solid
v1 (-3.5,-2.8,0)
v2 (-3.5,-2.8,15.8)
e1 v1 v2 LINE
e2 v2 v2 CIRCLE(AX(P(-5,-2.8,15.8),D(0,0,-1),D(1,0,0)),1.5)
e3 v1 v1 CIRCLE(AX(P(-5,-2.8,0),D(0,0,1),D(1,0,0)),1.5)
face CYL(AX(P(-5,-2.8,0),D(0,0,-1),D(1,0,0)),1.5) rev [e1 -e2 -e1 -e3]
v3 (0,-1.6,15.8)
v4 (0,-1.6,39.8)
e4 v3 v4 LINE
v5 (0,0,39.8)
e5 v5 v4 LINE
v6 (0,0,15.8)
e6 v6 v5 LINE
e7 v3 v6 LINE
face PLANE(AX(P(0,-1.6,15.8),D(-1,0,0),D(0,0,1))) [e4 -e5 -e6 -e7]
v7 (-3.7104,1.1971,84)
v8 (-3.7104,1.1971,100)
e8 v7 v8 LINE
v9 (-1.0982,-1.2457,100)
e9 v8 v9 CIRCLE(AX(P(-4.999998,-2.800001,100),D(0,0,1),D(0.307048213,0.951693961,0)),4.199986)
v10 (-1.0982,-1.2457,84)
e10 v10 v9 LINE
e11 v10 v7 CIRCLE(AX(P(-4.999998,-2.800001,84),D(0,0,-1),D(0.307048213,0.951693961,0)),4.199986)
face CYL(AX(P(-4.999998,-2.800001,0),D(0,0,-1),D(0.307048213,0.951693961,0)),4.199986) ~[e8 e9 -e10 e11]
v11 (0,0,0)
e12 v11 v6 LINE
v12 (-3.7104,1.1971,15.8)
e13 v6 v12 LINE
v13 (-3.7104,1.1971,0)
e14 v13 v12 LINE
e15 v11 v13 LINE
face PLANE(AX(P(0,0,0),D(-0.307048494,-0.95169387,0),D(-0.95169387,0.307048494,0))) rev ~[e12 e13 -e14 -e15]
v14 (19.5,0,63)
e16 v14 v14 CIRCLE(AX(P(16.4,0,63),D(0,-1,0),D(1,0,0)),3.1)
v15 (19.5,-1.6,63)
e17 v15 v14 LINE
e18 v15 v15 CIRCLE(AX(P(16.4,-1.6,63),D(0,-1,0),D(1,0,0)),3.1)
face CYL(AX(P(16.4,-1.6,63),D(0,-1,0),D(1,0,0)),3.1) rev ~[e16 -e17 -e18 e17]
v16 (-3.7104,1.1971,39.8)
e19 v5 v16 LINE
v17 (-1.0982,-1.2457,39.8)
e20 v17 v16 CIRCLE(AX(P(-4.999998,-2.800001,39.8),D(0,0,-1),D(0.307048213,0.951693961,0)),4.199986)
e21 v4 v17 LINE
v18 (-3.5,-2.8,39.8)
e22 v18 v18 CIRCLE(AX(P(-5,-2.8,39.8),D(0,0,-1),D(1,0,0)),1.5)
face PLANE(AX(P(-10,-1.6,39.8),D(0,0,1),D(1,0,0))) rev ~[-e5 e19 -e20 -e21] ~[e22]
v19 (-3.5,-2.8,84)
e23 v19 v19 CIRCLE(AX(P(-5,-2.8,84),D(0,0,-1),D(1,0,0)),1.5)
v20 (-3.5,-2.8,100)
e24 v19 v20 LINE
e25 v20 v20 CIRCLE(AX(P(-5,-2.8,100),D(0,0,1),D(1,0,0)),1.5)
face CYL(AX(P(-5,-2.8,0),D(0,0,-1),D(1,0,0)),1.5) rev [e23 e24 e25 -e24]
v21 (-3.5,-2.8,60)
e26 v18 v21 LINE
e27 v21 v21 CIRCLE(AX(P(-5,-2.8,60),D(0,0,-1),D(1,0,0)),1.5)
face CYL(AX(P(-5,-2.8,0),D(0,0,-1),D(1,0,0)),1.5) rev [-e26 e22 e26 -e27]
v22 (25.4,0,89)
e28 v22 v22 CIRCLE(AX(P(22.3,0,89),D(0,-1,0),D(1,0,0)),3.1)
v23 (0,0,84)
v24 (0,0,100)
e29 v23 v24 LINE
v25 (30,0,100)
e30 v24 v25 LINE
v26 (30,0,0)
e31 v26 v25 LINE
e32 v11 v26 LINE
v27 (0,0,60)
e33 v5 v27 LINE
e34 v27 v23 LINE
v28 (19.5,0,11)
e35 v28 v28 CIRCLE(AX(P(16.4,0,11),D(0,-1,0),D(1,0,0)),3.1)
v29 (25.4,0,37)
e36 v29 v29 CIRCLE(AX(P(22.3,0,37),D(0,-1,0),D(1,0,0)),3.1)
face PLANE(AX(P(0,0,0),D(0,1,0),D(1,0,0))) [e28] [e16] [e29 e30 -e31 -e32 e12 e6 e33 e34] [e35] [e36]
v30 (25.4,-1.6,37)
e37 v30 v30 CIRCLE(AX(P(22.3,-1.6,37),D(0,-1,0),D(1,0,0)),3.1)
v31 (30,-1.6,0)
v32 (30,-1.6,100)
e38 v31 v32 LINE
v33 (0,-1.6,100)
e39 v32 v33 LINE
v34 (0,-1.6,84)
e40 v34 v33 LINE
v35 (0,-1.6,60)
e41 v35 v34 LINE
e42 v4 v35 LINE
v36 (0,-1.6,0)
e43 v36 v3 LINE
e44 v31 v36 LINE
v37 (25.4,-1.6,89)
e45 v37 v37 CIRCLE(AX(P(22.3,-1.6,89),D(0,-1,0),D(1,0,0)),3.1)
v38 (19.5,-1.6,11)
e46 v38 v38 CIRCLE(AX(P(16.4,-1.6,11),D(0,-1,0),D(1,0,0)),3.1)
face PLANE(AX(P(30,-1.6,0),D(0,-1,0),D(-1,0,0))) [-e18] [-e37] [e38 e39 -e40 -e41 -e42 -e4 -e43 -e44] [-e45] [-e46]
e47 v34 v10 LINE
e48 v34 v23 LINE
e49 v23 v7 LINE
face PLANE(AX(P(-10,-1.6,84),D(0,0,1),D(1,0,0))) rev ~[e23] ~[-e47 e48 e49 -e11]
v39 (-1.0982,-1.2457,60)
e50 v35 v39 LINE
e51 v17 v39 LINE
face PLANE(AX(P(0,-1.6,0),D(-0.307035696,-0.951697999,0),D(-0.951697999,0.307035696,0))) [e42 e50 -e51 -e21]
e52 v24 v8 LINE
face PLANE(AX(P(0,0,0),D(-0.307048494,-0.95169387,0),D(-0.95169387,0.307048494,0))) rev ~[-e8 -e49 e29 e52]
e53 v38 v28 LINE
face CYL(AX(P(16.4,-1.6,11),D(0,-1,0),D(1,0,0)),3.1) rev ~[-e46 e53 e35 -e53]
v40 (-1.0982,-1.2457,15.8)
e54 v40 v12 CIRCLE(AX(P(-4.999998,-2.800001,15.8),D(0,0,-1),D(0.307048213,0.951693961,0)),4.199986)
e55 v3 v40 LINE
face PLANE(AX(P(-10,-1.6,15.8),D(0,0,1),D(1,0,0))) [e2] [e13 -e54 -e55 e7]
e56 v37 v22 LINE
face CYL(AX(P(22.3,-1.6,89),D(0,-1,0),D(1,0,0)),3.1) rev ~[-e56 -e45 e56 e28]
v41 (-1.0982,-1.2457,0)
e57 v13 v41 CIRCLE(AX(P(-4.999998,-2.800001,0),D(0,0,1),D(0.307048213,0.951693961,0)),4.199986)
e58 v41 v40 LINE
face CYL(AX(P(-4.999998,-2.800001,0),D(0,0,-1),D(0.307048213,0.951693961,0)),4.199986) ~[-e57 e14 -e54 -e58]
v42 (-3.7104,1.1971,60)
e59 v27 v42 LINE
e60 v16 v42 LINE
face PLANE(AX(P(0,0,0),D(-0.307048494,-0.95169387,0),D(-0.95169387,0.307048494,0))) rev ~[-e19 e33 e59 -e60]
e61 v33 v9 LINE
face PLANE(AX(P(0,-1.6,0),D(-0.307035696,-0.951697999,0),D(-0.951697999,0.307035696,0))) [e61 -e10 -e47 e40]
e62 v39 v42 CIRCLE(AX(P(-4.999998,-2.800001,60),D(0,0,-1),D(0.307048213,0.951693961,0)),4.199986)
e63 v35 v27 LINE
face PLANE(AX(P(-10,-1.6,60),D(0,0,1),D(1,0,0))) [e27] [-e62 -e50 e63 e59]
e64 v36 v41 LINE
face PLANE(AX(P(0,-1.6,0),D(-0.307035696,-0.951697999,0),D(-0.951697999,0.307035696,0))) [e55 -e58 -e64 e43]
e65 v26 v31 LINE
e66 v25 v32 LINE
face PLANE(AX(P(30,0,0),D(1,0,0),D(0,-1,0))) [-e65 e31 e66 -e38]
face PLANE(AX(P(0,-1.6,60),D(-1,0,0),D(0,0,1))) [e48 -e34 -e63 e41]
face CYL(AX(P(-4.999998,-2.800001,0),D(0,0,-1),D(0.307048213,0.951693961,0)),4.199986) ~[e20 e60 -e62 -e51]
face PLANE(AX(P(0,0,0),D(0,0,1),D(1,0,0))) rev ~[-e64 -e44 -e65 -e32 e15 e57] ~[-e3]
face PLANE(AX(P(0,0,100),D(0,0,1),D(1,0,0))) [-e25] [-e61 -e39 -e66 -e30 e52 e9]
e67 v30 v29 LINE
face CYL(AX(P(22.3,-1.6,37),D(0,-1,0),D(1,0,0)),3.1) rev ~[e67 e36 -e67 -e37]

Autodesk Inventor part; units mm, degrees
ref_plane "YZ Plane" through (0, 0, 0) normal (1, 0, 0) x (0, 1, 0)
ref_plane "XZ Plane" through (0, 0, 0) normal (0, 1, 0) x (-1, 0, 0)
ref_plane "XY Plane" through (0, 0, 0) normal (0, 0, 1) x (1, 0, 0)
sketch "スケッチ1" plane through (0, 0, 0) normal (0, 0, 1) x (1, 0, 0)
  line L0 (0, 0) -> (30, 0)
  line L1 (30, 0) -> (30, -1.6)
  line L2 (30, -1.6) -> (0, -1.6)
  arc A0 (-3.7104, 1.1971) -> (-1.0982, -1.2457) centre (-5, -2.8) ccw
  line L3 (0, 0) -> (-3.7104, 1.1971)
  line L4 (0, -1.6) -> (-1.0982, -1.2457)
  line L5 (0, 0) -> (0, -1.6) construction
  circle A1 centre (-5, -2.8) radius 1.5
  dimension "d0" = 1.6
  dimension "d1" = 30
  dimension "d2" = 8.4
  dimension "d4" = 35
  dimension "d5" = 2.8
  dimension "d6" = 3
extrude "押し出し1" add sketch "スケッチ1" along normal blind 100
sketch "スケッチ2" plane through (0, -1.6, 0) normal (0, -1, 0) x (1, 0, 0)
  line L0 (0, 100) -> (-3.7104, 100) projected
  line L1 (0, 100) -> (-10, 100)
  line L2 (-10, -0.2) -> (0, -0.2)
  line L3 (-10, 84) -> (0, 84)
  line L4 (-10, 60) -> (0, 60)
  line L5 (0, 0) -> (0, 100) projected
  line L6 (-10, 39.8) -> (0, 39.8)
  line L7 (-10, 15.8) -> (0, 15.8)
  line L8 (16.4, 101.8084) -> (16.4, 1.6084) construction
  line L9 (30, 0) -> (30, 100) construction
  line L10 (30, 89) -> (16.4, 89) construction
  line L11 (30, 63) -> (16.4, 63) construction
  line L12 (30, 37) -> (16.4, 37) construction
  line L13 (30, 11) -> (16.4, 11) construction
  line L14 (30, 100) -> (0, 100) construction
  line L15 (22.3, 100) -> (22.3, 0) construction
  circle A0 centre (22.3, 89) radius 3.1
  circle A1 centre (16.4, 63) radius 3.1
  circle A2 centre (22.3, 37) radius 3.1
  circle A3 centre (16.4, 11) radius 3.1
  line L16 (30, 0) -> (0, 0) construction
  line L17 (-10, 84) -> (-10, 60)
  line L18 (-10, 39.8) -> (-10, 15.8)
  line L19 (0, 15.8) -> (0, 39.8)
  line L20 (0, 60) -> (0, 84)
  dimension "d9" = 100.2
  dimension "d10" = 10
  dimension "d11" = 16
  dimension "d12" = 16
  dimension "d13" = 24
  dimension "d14" = 24
  dimension "d15" = 7.7
  dimension "d16" = 6.2
  dimension "d17" = 11
  dimension "d19" = 11
  dimension "d20" = 13.6
  dimension "d21" = 37
  dimension "d22" = 37
  dimension "d23" = 10
extrude "押し出し2" cut sketch "スケッチ2" along normal through all both and the other way through all
properties part number "蝶番1"
